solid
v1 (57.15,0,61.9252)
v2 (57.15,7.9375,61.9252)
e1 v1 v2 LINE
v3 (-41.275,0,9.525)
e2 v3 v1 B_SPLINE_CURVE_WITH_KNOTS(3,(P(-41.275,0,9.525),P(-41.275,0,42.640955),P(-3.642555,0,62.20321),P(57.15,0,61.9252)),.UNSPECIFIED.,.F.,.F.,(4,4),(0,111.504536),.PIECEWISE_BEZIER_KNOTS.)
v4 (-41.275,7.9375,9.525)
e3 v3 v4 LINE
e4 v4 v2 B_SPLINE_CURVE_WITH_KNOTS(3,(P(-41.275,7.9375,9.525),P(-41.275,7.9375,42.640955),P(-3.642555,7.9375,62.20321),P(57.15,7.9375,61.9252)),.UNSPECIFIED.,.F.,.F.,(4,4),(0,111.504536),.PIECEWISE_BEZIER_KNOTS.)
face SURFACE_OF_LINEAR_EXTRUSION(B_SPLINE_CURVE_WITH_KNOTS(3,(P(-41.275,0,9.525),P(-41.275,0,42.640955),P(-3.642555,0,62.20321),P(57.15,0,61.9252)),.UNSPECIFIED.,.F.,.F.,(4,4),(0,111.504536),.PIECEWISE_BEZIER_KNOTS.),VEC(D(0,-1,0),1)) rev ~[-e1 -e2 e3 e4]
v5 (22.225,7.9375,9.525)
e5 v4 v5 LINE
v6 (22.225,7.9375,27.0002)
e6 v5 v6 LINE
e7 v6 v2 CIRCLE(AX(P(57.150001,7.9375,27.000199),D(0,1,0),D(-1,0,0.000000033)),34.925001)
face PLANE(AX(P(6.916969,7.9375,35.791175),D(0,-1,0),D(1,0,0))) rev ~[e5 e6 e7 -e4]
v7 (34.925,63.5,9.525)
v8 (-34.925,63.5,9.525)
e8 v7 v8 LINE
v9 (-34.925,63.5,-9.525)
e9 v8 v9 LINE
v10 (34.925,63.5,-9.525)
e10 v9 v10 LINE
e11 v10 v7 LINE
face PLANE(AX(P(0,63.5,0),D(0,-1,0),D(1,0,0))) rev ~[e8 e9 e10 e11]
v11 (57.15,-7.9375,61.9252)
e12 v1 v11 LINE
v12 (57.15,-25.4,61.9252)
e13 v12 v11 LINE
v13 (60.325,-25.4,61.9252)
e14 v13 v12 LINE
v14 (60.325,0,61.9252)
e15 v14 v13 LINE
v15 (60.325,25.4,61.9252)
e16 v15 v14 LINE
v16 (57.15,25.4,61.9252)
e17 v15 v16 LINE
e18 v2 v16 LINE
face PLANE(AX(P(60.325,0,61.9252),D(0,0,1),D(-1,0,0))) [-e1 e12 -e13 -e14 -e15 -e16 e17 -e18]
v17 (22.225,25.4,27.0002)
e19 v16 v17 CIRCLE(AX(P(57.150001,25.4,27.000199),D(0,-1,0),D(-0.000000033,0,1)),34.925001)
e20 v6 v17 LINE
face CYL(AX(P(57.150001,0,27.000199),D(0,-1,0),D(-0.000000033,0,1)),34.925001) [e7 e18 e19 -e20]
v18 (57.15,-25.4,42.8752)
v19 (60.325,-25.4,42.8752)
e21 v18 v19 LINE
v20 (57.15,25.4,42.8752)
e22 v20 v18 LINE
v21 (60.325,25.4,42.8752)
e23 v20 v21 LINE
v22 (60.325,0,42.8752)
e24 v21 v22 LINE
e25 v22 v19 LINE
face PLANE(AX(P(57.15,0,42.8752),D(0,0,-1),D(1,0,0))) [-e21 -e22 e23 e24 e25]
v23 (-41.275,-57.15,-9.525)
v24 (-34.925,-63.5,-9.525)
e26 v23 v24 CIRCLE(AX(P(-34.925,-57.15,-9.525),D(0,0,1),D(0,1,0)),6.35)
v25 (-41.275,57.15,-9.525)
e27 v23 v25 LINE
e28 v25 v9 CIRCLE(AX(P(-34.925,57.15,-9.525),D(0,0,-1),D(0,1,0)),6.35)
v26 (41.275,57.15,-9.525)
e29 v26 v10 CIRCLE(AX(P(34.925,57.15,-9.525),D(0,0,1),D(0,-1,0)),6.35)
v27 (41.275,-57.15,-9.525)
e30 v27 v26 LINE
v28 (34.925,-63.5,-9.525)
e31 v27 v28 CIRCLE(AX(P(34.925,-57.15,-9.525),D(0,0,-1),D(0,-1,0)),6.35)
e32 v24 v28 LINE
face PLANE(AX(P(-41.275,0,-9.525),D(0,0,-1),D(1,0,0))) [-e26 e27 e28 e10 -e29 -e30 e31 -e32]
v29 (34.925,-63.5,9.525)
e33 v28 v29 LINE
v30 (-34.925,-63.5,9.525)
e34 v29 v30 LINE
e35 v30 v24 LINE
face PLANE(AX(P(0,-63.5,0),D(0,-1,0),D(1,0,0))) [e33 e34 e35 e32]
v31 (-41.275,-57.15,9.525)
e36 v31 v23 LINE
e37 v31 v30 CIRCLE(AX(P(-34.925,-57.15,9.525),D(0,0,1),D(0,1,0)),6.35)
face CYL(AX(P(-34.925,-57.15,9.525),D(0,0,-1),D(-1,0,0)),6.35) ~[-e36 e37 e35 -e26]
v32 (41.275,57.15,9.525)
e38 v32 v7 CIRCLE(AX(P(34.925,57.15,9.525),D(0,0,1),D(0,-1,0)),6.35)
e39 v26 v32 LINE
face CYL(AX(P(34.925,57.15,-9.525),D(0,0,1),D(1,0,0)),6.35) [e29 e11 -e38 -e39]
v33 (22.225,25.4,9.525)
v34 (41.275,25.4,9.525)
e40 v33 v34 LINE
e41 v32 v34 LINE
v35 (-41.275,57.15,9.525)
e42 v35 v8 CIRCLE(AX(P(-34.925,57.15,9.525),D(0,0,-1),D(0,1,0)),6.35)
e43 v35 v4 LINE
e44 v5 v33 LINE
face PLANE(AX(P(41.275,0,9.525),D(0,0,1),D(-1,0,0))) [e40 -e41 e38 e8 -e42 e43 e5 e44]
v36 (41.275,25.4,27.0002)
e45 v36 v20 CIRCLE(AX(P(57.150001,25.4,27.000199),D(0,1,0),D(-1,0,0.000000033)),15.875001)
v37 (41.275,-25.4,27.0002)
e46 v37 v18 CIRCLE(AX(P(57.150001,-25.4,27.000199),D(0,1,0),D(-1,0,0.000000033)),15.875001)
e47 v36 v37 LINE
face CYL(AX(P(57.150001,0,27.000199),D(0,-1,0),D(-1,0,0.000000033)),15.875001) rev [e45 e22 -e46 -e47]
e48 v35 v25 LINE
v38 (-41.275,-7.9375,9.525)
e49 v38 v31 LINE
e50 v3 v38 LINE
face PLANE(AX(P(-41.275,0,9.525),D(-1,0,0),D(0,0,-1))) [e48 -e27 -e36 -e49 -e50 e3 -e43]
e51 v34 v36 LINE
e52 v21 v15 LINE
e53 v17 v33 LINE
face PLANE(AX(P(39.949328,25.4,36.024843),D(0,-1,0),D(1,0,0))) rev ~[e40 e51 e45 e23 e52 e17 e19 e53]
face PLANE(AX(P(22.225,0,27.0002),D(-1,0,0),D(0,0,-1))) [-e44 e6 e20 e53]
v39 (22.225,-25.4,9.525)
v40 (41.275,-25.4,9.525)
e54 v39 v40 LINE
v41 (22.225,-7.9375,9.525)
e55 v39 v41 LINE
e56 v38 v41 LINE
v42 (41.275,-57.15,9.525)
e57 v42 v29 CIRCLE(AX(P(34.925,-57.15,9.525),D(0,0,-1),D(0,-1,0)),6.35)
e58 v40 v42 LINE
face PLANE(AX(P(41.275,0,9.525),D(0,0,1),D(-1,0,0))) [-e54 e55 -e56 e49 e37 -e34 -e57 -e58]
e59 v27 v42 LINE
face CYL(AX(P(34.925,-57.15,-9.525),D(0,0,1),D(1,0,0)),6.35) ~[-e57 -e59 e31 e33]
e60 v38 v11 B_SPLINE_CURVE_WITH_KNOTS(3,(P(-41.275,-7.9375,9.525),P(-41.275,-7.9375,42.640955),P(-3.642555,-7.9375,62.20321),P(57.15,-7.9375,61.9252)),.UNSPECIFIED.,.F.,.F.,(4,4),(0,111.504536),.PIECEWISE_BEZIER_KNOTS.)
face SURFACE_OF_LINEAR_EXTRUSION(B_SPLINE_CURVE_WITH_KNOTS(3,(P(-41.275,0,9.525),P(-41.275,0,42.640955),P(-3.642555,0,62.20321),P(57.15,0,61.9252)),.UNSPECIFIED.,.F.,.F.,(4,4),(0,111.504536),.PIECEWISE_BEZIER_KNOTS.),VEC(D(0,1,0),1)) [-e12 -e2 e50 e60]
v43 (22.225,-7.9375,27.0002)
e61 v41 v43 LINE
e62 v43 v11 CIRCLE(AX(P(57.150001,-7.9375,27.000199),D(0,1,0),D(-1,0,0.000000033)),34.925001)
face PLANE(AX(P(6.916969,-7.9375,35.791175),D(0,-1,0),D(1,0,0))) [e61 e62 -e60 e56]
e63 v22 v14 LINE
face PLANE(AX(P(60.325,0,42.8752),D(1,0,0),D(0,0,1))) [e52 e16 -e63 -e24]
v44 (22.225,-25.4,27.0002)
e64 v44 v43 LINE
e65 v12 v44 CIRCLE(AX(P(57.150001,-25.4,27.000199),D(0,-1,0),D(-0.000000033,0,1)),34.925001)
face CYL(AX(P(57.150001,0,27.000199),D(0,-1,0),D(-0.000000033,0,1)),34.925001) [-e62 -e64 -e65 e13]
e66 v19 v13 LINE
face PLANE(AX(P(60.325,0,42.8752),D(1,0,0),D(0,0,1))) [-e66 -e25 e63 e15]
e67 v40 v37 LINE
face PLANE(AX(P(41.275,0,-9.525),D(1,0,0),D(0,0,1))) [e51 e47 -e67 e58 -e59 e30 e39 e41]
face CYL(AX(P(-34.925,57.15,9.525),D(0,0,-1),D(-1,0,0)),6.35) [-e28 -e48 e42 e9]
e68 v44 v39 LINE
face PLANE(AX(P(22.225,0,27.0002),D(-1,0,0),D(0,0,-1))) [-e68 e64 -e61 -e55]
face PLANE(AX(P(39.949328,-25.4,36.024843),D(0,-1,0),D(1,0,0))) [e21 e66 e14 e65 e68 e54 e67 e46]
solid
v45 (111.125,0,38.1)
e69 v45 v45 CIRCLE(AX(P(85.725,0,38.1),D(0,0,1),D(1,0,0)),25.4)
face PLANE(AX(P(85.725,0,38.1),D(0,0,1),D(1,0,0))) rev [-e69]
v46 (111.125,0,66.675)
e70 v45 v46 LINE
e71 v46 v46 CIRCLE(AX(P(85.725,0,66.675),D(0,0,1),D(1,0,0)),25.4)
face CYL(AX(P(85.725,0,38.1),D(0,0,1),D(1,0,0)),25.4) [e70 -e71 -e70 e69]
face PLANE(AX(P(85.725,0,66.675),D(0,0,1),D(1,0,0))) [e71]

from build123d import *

# Parameters (mm, degrees)
F1_DEPTH = 63.5
F2_DEPTH = 25.4
F3_DEPTH = 7.9375
F5_R     = 6.35


with BuildPart() as f1:
    # F0 (on Front) → F1 (new body, symmetric)
    with BuildSketch(Plane.XZ):
        Polygon((41.275, -9.525), (41.275, 9.525), (22.225, 9.525), (-41.275, 9.525), (-41.275, -9.525), align=None)
    extrude(amount=F1_DEPTH, both=True)

    # F0 (on Front) → F2 (join, symmetric)
    with BuildSketch(Plane.XZ):
        with BuildLine():
            Line((22.225, 9.525), (41.275, 9.525))
            Line((41.275, 9.525), (41.275, 27.0002))
            ThreePointArc((41.275, 27.0002), (45.92468, 38.22552), (57.15, 42.8752))
            Line((57.15, 42.8752), (60.325, 42.8752))
            Line((60.325, 42.8752), (60.325, 61.9252))
            Line((60.325, 61.9252), (57.15, 61.9252))
            ThreePointArc((57.15, 61.9252), (32.454296, 51.695904), (22.225, 27.0002))
            Line((22.225, 27.0002), (22.225, 9.525))
        make_face()
    extrude(amount=F2_DEPTH, both=True)

    # F0 (on Front) → F3 (join, symmetric)
    with BuildSketch(Plane.XZ):
        with BuildLine():
            Line((-41.275, 9.525), (22.225, 9.525))
            Line((22.225, 9.525), (22.225, 27.0002))
            ThreePointArc((22.225, 27.0002), (32.454296, 51.695904), (57.15, 61.9252))
            add(Edge.make_bspline(
                [(-41.275, 9.525), (-41.275, 42.640955), (-3.642555, 62.20321), (57.15, 61.9252)],
                knots=[0, 0, 0, 0, 111.504536, 111.504536, 111.504536, 111.504536], degree=3))
        make_face()
    extrude(amount=F3_DEPTH, both=True)

    # F0 (on Front) → F4 (revolve)
    with BuildSketch(Plane.XZ):
        Polygon((85.725, 61.9252), (85.725, 42.8752), (85.725, 38.1), (111.125, 38.1), (111.125, 66.675), (85.725, 66.675), align=None)
    revolve(axis=Axis((85.725, 0, 52.3875), (0, 0, 1)))

    # F5
    f5_edges = [f1.edges().sort_by_distance(p)[0] for p in [
        (41.275, -63.5, 0),
        (41.275, 63.5, 0),
        (-41.275, 63.5, 0),
        (-41.275, -63.5, 0),
    ]]
    fillet(f5_edges, radius=F5_R)


solid = f1.part
